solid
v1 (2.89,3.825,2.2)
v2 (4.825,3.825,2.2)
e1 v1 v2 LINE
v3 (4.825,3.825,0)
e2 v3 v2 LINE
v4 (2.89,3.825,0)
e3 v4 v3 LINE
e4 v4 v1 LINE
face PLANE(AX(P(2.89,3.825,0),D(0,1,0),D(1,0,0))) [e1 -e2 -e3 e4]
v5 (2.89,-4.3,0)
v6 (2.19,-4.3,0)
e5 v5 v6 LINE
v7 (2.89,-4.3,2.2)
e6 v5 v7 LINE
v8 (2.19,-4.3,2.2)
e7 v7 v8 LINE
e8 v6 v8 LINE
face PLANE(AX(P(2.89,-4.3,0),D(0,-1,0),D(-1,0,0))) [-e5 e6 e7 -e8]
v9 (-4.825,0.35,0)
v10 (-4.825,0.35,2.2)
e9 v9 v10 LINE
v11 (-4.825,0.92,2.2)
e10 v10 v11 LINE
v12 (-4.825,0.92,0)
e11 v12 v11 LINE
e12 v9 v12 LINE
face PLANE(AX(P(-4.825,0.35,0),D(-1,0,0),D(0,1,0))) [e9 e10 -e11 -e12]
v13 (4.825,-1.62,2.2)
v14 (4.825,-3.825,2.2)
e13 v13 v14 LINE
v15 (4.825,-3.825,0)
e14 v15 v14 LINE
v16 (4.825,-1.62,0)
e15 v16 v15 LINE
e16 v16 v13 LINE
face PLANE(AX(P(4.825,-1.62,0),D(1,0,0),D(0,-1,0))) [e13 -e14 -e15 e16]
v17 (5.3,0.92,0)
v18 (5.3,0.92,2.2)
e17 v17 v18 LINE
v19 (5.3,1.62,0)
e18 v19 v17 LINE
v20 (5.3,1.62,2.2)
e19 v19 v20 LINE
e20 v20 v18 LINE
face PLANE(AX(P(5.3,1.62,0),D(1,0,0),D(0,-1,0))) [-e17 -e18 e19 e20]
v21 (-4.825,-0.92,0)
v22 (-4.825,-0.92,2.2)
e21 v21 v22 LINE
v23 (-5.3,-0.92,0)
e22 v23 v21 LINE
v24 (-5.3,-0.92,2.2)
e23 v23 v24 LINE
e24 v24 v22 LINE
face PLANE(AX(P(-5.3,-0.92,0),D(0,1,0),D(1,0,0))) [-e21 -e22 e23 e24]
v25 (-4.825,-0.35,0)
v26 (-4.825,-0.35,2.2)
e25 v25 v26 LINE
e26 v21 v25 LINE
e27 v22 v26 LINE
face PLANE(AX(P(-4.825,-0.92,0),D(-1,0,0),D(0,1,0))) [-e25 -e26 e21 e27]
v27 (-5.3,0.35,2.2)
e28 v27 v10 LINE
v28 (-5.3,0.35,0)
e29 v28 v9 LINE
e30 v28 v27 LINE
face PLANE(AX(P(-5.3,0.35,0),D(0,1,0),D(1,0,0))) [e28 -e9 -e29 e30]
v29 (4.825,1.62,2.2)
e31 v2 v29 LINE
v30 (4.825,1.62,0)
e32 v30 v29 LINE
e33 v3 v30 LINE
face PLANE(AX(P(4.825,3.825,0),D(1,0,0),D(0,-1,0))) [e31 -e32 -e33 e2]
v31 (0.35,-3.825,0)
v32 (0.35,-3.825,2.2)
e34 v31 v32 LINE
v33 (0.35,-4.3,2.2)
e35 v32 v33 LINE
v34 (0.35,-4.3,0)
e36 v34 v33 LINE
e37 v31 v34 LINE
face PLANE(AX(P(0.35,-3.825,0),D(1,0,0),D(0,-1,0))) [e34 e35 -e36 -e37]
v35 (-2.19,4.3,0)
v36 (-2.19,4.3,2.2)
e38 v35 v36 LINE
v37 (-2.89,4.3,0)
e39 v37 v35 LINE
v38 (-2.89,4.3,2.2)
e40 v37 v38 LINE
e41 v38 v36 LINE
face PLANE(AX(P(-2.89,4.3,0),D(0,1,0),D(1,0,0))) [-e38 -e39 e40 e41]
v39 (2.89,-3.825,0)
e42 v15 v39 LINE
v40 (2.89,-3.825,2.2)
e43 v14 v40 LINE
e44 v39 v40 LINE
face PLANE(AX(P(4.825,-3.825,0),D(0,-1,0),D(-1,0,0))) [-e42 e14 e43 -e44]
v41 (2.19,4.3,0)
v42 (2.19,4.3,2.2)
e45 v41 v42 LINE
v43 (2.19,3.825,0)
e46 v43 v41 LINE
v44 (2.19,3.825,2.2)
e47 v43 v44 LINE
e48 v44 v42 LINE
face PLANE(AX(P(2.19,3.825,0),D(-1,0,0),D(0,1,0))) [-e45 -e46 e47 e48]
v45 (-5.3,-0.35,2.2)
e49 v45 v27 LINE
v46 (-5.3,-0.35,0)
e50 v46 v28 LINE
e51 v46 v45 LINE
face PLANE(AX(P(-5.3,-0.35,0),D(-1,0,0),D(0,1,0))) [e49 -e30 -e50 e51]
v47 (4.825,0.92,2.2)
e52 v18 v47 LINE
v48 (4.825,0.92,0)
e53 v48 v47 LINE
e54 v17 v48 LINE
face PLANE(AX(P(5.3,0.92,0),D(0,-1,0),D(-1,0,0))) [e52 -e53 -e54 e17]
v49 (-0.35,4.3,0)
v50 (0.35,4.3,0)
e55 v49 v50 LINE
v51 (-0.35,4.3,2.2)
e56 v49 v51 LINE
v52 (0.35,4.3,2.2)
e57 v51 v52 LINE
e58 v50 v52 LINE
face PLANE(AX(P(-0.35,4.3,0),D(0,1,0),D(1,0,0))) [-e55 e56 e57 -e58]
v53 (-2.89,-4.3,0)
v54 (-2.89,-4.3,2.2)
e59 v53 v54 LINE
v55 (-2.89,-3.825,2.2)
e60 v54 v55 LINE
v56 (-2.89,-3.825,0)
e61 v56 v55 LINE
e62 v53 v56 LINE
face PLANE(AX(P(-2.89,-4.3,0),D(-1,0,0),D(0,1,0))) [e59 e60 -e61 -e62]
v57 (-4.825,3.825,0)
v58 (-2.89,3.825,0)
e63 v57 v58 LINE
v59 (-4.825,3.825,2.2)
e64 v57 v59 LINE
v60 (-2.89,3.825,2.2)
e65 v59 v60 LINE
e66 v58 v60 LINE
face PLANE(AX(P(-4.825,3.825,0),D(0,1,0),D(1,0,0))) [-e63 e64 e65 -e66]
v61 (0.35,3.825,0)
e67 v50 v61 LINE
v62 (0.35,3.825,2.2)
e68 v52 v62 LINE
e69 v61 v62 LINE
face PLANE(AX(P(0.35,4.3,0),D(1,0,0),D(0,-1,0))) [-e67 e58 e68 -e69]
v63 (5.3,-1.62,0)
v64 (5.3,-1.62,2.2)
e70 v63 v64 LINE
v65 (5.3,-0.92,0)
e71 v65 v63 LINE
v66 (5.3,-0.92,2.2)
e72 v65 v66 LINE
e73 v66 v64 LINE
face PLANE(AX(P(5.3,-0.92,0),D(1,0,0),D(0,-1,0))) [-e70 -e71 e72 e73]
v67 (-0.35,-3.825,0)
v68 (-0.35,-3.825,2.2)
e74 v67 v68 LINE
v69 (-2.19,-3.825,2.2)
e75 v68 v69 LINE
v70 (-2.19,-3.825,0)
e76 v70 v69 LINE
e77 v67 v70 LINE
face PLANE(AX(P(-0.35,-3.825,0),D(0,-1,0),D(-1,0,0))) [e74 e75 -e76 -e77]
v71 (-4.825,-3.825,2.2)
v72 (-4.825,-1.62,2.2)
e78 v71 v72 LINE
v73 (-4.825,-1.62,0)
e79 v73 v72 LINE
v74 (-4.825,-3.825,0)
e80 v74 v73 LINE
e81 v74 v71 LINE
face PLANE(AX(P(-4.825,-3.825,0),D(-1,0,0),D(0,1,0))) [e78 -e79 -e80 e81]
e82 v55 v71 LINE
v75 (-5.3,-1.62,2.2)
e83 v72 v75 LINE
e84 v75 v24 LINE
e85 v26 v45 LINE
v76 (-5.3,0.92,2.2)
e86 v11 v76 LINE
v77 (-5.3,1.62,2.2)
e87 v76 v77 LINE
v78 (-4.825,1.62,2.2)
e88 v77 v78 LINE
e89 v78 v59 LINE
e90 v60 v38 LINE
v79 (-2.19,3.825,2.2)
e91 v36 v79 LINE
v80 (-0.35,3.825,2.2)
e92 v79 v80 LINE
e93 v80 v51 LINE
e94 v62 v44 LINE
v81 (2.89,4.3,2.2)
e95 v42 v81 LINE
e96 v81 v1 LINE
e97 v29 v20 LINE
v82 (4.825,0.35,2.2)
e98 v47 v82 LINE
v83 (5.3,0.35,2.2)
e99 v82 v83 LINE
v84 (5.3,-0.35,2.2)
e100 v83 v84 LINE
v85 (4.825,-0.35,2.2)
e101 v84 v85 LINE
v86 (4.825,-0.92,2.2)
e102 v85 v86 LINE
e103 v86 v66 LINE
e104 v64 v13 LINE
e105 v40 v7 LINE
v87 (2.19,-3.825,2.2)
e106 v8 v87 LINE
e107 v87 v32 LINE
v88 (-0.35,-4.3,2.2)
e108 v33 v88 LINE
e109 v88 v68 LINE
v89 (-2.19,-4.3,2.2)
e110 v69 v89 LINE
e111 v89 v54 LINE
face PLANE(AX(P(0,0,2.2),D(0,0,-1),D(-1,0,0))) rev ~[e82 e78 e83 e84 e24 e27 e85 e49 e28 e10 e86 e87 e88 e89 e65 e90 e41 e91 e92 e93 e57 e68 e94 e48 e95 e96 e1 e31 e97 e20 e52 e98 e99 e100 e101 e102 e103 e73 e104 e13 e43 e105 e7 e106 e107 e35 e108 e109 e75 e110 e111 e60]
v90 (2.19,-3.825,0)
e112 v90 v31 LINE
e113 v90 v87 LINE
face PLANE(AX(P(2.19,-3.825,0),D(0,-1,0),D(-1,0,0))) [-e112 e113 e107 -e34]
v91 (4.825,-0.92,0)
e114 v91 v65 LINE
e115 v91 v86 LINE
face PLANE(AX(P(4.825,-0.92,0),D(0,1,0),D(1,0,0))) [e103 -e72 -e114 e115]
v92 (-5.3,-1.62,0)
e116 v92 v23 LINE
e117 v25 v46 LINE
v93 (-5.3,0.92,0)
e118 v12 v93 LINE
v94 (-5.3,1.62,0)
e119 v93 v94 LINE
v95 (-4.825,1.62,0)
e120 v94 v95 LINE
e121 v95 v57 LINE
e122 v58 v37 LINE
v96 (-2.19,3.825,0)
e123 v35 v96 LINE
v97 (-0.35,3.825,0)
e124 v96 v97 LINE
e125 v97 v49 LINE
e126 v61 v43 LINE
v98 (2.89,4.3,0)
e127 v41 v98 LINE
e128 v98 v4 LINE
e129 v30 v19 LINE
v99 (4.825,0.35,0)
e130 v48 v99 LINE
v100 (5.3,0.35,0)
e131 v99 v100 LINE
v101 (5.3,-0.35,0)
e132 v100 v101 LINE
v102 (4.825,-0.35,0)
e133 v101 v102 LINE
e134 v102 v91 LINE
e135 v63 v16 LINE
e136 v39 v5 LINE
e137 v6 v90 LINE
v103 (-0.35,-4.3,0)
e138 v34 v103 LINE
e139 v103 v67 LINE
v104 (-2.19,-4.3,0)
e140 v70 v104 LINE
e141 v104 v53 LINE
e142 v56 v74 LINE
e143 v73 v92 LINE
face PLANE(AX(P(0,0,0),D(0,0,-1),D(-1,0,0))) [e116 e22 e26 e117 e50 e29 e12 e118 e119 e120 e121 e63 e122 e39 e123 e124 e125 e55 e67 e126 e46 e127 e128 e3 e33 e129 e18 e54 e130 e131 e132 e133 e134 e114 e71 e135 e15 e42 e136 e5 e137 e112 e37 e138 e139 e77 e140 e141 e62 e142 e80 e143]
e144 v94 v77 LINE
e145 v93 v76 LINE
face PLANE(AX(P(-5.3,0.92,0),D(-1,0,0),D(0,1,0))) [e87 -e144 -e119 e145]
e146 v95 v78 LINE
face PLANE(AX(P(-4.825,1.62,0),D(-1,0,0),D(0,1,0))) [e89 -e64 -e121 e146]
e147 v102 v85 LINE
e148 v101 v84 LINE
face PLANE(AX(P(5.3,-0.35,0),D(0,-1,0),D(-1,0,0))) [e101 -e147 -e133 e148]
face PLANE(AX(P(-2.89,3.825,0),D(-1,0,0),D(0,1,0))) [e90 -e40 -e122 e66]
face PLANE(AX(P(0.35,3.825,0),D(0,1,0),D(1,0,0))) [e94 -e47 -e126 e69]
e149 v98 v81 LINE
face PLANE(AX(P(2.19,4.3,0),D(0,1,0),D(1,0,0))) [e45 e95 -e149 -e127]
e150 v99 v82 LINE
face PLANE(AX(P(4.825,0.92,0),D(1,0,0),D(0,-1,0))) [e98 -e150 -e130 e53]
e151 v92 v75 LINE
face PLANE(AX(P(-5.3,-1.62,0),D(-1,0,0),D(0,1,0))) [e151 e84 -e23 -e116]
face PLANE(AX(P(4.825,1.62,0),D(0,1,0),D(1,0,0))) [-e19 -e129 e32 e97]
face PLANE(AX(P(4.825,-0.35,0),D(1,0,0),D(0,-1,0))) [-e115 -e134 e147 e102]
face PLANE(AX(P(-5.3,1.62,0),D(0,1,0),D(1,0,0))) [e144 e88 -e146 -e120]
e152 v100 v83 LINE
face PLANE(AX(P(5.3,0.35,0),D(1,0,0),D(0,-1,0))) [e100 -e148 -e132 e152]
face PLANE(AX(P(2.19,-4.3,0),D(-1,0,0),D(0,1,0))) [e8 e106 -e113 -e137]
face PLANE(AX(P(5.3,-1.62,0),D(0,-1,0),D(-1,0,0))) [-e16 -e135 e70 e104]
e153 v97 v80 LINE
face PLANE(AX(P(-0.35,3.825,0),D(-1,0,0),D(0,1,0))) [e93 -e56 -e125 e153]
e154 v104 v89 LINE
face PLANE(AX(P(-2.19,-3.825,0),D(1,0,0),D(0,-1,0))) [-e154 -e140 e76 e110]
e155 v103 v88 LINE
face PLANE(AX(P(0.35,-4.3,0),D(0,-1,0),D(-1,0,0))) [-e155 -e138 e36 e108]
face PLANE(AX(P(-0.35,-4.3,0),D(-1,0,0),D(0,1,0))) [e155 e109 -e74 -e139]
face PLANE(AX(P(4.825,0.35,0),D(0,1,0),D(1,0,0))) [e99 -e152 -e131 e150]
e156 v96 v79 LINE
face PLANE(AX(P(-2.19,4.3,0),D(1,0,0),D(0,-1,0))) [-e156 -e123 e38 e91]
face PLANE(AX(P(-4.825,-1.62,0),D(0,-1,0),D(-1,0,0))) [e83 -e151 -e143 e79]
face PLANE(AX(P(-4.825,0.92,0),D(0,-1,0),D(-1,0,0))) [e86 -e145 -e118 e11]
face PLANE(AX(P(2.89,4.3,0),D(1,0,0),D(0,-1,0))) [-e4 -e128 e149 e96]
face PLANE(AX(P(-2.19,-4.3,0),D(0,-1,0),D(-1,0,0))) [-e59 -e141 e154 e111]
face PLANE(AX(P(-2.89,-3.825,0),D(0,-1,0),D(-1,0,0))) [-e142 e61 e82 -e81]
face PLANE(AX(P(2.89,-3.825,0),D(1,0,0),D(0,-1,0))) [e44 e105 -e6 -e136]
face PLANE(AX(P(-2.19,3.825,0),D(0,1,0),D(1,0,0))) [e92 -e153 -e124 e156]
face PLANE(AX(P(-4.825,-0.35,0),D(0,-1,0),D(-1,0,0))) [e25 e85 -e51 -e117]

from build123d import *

# Parameters (mm, degrees)
COMPONENT_OUTLINE_DEPTH = 2.2


with BuildPart() as part:
    # 草图1 → Component_Outline (new body)
    with BuildSketch(Plane.XY):
        Polygon((-2.89, -4.3), (-2.89, -3.825), (-4.825, -3.825), (-4.825, -1.62), (-5.3, -1.62), (-5.3, -0.92), (-4.825, -0.92), (-4.825, -0.35), (-5.3, -0.35), (-5.3, 0.35), (-4.825, 0.35), (-4.825, 0.92), (-5.3, 0.92), (-5.3, 1.62), (-4.825, 1.62), (-4.825, 3.825), (-2.89, 3.825), (-2.89, 4.3), (-2.19, 4.3), (-2.19, 3.825), (-0.35, 3.825), (-0.35, 4.3), (0.35, 4.3), (0.35, 3.825), (2.19, 3.825), (2.19, 4.3), (2.89, 4.3), (2.89, 3.825), (4.825, 3.825), (4.825, 1.62), (5.3, 1.62), (5.3, 0.92), (4.825, 0.92), (4.825, 0.35), (5.3, 0.35), (5.3, -0.35), (4.825, -0.35), (4.825, -0.92), (5.3, -0.92), (5.3, -1.62), (4.825, -1.62), (4.825, -3.825), (2.89, -3.825), (2.89, -4.3), (2.19, -4.3), (2.19, -3.825), (0.35, -3.825), (0.35, -4.3), (-0.35, -4.3), (-0.35, -3.825), (-2.19, -3.825), (-2.19, -4.3), align=None)
    extrude(amount=COMPONENT_OUTLINE_DEPTH)


solid = part.part
